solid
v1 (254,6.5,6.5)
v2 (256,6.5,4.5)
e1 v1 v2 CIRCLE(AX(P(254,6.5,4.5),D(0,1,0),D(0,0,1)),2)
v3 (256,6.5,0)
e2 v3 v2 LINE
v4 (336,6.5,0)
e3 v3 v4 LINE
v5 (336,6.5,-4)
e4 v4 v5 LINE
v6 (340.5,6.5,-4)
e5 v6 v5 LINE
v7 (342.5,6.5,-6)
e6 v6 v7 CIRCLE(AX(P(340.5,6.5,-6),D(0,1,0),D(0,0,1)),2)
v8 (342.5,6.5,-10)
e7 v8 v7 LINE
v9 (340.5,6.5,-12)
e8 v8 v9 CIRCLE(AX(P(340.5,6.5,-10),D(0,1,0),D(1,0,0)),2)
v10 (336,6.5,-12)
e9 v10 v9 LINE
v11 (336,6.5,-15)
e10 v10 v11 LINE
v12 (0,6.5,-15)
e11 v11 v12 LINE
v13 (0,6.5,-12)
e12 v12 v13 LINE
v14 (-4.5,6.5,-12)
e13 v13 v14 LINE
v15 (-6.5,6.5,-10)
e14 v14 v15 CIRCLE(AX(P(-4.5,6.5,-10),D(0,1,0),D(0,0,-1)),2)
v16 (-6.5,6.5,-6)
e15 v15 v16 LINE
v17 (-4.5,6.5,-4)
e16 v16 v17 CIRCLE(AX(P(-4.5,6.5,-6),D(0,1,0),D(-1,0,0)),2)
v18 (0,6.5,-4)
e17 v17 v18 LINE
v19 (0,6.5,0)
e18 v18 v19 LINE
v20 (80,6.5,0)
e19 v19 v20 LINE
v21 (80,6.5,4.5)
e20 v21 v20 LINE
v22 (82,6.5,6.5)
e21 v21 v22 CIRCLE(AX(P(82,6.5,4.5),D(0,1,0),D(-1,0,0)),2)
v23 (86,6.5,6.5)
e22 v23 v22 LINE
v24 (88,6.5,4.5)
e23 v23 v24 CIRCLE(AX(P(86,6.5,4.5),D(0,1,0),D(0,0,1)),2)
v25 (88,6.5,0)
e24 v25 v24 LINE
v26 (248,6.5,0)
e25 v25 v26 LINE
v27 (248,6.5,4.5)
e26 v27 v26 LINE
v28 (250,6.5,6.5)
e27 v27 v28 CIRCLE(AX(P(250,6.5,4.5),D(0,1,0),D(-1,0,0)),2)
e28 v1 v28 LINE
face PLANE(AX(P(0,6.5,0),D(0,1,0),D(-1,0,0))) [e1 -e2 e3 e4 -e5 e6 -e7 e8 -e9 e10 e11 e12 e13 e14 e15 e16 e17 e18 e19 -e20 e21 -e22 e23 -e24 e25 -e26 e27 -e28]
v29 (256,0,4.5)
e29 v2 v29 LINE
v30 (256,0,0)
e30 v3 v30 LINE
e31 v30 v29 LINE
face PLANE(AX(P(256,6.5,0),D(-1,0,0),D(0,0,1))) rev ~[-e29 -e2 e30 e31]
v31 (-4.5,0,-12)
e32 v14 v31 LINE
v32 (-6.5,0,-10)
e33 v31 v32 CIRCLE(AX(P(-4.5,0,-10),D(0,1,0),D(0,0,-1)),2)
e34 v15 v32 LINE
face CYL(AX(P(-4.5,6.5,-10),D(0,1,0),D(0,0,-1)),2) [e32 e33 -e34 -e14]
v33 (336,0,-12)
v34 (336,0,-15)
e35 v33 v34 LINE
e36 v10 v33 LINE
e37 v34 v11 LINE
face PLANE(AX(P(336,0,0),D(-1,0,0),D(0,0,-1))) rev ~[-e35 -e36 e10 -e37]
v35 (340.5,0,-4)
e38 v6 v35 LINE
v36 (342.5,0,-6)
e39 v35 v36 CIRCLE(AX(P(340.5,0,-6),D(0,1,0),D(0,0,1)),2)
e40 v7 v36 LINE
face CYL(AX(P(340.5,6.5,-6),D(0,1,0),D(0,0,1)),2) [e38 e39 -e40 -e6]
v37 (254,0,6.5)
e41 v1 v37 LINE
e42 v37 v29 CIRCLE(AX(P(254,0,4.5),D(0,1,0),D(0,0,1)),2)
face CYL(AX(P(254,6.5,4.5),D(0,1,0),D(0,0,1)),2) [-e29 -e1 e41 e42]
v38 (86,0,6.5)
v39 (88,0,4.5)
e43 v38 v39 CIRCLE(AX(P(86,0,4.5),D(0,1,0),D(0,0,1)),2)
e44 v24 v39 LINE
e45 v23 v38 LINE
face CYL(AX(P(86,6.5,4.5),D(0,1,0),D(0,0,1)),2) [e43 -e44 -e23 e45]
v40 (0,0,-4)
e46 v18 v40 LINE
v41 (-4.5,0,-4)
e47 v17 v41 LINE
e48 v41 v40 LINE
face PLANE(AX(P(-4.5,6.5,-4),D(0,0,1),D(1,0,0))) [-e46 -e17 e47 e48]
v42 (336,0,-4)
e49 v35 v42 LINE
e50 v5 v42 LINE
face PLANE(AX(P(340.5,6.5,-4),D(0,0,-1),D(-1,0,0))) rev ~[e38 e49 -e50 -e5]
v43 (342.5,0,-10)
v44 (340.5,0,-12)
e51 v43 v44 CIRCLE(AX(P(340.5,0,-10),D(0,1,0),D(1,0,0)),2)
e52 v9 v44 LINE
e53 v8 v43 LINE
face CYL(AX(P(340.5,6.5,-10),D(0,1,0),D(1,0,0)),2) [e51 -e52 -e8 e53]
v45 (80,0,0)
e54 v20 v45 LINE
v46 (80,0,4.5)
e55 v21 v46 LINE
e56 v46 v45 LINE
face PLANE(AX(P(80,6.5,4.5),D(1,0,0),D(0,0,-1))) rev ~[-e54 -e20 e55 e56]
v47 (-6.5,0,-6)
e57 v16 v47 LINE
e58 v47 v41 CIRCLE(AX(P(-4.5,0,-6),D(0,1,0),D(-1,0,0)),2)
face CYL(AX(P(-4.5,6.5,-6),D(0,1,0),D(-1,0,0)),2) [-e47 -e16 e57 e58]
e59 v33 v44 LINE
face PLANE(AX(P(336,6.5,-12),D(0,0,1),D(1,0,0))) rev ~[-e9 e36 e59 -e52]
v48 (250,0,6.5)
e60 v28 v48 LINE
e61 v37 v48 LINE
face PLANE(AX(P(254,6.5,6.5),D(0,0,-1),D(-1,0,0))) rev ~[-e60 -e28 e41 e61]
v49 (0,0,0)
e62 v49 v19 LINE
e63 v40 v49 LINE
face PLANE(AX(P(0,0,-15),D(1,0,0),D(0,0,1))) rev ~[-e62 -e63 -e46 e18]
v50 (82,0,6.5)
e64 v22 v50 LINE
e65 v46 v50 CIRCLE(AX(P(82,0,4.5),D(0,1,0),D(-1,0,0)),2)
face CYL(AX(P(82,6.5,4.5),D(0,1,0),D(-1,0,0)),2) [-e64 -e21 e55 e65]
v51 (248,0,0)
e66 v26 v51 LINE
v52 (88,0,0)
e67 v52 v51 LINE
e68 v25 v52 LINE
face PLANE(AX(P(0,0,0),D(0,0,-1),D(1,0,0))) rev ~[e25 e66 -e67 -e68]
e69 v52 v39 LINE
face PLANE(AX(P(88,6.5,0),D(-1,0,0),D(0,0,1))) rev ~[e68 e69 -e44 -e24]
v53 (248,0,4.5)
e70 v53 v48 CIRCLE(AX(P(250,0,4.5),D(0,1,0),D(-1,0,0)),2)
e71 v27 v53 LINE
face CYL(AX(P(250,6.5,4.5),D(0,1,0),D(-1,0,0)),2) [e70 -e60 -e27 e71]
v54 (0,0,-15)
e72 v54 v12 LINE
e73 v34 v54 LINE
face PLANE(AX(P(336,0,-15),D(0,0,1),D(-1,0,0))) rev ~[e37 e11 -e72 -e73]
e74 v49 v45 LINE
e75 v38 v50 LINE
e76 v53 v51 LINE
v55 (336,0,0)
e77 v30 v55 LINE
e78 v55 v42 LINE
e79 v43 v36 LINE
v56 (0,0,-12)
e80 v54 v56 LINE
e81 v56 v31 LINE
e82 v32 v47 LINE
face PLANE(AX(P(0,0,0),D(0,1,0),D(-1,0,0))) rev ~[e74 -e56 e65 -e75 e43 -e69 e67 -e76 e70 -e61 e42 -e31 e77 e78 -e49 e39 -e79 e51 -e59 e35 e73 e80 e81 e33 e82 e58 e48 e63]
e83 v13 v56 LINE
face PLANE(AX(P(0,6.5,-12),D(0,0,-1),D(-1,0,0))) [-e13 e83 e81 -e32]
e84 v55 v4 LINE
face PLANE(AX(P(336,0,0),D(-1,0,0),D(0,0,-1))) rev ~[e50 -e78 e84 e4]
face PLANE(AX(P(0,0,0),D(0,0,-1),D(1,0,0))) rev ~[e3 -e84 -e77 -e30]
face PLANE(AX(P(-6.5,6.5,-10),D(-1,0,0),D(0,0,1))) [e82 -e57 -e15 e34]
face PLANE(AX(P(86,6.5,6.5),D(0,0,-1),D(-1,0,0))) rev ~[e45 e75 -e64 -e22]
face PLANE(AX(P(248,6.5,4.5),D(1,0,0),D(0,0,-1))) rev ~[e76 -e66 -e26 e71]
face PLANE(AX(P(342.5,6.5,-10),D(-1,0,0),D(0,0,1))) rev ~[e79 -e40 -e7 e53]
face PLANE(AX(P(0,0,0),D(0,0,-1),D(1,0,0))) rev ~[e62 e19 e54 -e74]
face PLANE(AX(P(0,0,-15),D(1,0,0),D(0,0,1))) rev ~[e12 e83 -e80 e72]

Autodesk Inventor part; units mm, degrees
ref_plane "YZ Plane" through (0, 0, 0) normal (1, 0, 0) x (0, 1, 0)
ref_plane "XZ Plane" through (0, 0, 0) normal (0, 1, 0) x (-1, 0, 0)
ref_plane "XY Plane" through (0, 0, 0) normal (0, 0, 1) x (1, 0, 0)
sketch "Sketch1" plane through (0, 0, 0) normal (0, 1, 0) x (-1, 0, 0)
  line L0 (0, 0) -> (-336, 0)
  line L1 (-336, 0) -> (-336, -15)
  line L2 (-336, -15) -> (0, -15)
  line L3 (0, -15) -> (0, 0)
  dimension "d0" = 15
  dimension "d1" = 336
extrude "Extrusion1" add sketch "Sketch1" along normal blind 6.5
sketch "Sketch2" plane through (0, 6.5, 0) normal (0, 1, 0) x (1, 0, 0)
  line L0 (0, 0) -> (336, 0) projected
  line L1 (336, 0) -> (336, 15) projected
  line L2 (0, 15) -> (0, 0) projected
  line L3 (0, 12) -> (-4.5, 12)
  line L4 (-6.5, 10) -> (-6.5, 6)
  line L5 (-4.5, 4) -> (0, 4)
  line L6 (0, 4) -> (0, 12)
  line L7 (336, 12) -> (340.5, 12)
  line L8 (342.5, 10) -> (342.5, 6)
  line L9 (340.5, 4) -> (336, 4)
  line L10 (336, 4) -> (336, 12)
  line L11 (80, 0) -> (88, 0)
  line L12 (88, 0) -> (88, -4.5)
  line L13 (86, -6.5) -> (82, -6.5)
  line L14 (80, -4.5) -> (80, 0)
  line L15 (248, 0) -> (256, 0)
  line L16 (256, 0) -> (256, -4.5)
  line L17 (254, -6.5) -> (250, -6.5)
  line L18 (248, -4.5) -> (248, 0)
  arc A0 (-4.5, 12) -> (-6.5, 10) centre (-4.5, 10) ccw
  arc A1 (-6.5, 6) -> (-4.5, 4) centre (-4.5, 6) ccw
  arc A2 (80, -4.5) -> (82, -6.5) centre (82, -4.5) ccw
  arc A3 (86, -6.5) -> (88, -4.5) centre (86, -4.5) ccw
  arc A4 (248, -4.5) -> (250, -6.5) centre (250, -4.5) ccw
  arc A5 (254, -6.5) -> (256, -4.5) centre (254, -4.5) ccw
  arc A6 (340.5, 4) -> (342.5, 6) centre (340.5, 6) ccw
  arc A7 (342.5, 10) -> (340.5, 12) centre (340.5, 10) ccw
  dimension "d4" = 2
  dimension "d5" = 8
  dimension "d6" = 8
  dimension "d7" = 8
  dimension "d8" = 8
  dimension "d9" = 6.5
  dimension "d10" = 6.5
  dimension "d11" = 6.5
  dimension "d12" = 4
  dimension "d13" = 80
  dimension "d14" = 80
extrude "Extrusion2" add sketch "Sketch2" against normal blind 6.5
equation "\"d6\" = d5"
equation "\"d7\" = d6"
equation "\"d8\" = d7"
equation "\"d10\" = d9"
equation "\"d11\" = d9"
equation "\"d14\" = d13"
properties part number "front_upper_brace" material "Plywood, Finish"
